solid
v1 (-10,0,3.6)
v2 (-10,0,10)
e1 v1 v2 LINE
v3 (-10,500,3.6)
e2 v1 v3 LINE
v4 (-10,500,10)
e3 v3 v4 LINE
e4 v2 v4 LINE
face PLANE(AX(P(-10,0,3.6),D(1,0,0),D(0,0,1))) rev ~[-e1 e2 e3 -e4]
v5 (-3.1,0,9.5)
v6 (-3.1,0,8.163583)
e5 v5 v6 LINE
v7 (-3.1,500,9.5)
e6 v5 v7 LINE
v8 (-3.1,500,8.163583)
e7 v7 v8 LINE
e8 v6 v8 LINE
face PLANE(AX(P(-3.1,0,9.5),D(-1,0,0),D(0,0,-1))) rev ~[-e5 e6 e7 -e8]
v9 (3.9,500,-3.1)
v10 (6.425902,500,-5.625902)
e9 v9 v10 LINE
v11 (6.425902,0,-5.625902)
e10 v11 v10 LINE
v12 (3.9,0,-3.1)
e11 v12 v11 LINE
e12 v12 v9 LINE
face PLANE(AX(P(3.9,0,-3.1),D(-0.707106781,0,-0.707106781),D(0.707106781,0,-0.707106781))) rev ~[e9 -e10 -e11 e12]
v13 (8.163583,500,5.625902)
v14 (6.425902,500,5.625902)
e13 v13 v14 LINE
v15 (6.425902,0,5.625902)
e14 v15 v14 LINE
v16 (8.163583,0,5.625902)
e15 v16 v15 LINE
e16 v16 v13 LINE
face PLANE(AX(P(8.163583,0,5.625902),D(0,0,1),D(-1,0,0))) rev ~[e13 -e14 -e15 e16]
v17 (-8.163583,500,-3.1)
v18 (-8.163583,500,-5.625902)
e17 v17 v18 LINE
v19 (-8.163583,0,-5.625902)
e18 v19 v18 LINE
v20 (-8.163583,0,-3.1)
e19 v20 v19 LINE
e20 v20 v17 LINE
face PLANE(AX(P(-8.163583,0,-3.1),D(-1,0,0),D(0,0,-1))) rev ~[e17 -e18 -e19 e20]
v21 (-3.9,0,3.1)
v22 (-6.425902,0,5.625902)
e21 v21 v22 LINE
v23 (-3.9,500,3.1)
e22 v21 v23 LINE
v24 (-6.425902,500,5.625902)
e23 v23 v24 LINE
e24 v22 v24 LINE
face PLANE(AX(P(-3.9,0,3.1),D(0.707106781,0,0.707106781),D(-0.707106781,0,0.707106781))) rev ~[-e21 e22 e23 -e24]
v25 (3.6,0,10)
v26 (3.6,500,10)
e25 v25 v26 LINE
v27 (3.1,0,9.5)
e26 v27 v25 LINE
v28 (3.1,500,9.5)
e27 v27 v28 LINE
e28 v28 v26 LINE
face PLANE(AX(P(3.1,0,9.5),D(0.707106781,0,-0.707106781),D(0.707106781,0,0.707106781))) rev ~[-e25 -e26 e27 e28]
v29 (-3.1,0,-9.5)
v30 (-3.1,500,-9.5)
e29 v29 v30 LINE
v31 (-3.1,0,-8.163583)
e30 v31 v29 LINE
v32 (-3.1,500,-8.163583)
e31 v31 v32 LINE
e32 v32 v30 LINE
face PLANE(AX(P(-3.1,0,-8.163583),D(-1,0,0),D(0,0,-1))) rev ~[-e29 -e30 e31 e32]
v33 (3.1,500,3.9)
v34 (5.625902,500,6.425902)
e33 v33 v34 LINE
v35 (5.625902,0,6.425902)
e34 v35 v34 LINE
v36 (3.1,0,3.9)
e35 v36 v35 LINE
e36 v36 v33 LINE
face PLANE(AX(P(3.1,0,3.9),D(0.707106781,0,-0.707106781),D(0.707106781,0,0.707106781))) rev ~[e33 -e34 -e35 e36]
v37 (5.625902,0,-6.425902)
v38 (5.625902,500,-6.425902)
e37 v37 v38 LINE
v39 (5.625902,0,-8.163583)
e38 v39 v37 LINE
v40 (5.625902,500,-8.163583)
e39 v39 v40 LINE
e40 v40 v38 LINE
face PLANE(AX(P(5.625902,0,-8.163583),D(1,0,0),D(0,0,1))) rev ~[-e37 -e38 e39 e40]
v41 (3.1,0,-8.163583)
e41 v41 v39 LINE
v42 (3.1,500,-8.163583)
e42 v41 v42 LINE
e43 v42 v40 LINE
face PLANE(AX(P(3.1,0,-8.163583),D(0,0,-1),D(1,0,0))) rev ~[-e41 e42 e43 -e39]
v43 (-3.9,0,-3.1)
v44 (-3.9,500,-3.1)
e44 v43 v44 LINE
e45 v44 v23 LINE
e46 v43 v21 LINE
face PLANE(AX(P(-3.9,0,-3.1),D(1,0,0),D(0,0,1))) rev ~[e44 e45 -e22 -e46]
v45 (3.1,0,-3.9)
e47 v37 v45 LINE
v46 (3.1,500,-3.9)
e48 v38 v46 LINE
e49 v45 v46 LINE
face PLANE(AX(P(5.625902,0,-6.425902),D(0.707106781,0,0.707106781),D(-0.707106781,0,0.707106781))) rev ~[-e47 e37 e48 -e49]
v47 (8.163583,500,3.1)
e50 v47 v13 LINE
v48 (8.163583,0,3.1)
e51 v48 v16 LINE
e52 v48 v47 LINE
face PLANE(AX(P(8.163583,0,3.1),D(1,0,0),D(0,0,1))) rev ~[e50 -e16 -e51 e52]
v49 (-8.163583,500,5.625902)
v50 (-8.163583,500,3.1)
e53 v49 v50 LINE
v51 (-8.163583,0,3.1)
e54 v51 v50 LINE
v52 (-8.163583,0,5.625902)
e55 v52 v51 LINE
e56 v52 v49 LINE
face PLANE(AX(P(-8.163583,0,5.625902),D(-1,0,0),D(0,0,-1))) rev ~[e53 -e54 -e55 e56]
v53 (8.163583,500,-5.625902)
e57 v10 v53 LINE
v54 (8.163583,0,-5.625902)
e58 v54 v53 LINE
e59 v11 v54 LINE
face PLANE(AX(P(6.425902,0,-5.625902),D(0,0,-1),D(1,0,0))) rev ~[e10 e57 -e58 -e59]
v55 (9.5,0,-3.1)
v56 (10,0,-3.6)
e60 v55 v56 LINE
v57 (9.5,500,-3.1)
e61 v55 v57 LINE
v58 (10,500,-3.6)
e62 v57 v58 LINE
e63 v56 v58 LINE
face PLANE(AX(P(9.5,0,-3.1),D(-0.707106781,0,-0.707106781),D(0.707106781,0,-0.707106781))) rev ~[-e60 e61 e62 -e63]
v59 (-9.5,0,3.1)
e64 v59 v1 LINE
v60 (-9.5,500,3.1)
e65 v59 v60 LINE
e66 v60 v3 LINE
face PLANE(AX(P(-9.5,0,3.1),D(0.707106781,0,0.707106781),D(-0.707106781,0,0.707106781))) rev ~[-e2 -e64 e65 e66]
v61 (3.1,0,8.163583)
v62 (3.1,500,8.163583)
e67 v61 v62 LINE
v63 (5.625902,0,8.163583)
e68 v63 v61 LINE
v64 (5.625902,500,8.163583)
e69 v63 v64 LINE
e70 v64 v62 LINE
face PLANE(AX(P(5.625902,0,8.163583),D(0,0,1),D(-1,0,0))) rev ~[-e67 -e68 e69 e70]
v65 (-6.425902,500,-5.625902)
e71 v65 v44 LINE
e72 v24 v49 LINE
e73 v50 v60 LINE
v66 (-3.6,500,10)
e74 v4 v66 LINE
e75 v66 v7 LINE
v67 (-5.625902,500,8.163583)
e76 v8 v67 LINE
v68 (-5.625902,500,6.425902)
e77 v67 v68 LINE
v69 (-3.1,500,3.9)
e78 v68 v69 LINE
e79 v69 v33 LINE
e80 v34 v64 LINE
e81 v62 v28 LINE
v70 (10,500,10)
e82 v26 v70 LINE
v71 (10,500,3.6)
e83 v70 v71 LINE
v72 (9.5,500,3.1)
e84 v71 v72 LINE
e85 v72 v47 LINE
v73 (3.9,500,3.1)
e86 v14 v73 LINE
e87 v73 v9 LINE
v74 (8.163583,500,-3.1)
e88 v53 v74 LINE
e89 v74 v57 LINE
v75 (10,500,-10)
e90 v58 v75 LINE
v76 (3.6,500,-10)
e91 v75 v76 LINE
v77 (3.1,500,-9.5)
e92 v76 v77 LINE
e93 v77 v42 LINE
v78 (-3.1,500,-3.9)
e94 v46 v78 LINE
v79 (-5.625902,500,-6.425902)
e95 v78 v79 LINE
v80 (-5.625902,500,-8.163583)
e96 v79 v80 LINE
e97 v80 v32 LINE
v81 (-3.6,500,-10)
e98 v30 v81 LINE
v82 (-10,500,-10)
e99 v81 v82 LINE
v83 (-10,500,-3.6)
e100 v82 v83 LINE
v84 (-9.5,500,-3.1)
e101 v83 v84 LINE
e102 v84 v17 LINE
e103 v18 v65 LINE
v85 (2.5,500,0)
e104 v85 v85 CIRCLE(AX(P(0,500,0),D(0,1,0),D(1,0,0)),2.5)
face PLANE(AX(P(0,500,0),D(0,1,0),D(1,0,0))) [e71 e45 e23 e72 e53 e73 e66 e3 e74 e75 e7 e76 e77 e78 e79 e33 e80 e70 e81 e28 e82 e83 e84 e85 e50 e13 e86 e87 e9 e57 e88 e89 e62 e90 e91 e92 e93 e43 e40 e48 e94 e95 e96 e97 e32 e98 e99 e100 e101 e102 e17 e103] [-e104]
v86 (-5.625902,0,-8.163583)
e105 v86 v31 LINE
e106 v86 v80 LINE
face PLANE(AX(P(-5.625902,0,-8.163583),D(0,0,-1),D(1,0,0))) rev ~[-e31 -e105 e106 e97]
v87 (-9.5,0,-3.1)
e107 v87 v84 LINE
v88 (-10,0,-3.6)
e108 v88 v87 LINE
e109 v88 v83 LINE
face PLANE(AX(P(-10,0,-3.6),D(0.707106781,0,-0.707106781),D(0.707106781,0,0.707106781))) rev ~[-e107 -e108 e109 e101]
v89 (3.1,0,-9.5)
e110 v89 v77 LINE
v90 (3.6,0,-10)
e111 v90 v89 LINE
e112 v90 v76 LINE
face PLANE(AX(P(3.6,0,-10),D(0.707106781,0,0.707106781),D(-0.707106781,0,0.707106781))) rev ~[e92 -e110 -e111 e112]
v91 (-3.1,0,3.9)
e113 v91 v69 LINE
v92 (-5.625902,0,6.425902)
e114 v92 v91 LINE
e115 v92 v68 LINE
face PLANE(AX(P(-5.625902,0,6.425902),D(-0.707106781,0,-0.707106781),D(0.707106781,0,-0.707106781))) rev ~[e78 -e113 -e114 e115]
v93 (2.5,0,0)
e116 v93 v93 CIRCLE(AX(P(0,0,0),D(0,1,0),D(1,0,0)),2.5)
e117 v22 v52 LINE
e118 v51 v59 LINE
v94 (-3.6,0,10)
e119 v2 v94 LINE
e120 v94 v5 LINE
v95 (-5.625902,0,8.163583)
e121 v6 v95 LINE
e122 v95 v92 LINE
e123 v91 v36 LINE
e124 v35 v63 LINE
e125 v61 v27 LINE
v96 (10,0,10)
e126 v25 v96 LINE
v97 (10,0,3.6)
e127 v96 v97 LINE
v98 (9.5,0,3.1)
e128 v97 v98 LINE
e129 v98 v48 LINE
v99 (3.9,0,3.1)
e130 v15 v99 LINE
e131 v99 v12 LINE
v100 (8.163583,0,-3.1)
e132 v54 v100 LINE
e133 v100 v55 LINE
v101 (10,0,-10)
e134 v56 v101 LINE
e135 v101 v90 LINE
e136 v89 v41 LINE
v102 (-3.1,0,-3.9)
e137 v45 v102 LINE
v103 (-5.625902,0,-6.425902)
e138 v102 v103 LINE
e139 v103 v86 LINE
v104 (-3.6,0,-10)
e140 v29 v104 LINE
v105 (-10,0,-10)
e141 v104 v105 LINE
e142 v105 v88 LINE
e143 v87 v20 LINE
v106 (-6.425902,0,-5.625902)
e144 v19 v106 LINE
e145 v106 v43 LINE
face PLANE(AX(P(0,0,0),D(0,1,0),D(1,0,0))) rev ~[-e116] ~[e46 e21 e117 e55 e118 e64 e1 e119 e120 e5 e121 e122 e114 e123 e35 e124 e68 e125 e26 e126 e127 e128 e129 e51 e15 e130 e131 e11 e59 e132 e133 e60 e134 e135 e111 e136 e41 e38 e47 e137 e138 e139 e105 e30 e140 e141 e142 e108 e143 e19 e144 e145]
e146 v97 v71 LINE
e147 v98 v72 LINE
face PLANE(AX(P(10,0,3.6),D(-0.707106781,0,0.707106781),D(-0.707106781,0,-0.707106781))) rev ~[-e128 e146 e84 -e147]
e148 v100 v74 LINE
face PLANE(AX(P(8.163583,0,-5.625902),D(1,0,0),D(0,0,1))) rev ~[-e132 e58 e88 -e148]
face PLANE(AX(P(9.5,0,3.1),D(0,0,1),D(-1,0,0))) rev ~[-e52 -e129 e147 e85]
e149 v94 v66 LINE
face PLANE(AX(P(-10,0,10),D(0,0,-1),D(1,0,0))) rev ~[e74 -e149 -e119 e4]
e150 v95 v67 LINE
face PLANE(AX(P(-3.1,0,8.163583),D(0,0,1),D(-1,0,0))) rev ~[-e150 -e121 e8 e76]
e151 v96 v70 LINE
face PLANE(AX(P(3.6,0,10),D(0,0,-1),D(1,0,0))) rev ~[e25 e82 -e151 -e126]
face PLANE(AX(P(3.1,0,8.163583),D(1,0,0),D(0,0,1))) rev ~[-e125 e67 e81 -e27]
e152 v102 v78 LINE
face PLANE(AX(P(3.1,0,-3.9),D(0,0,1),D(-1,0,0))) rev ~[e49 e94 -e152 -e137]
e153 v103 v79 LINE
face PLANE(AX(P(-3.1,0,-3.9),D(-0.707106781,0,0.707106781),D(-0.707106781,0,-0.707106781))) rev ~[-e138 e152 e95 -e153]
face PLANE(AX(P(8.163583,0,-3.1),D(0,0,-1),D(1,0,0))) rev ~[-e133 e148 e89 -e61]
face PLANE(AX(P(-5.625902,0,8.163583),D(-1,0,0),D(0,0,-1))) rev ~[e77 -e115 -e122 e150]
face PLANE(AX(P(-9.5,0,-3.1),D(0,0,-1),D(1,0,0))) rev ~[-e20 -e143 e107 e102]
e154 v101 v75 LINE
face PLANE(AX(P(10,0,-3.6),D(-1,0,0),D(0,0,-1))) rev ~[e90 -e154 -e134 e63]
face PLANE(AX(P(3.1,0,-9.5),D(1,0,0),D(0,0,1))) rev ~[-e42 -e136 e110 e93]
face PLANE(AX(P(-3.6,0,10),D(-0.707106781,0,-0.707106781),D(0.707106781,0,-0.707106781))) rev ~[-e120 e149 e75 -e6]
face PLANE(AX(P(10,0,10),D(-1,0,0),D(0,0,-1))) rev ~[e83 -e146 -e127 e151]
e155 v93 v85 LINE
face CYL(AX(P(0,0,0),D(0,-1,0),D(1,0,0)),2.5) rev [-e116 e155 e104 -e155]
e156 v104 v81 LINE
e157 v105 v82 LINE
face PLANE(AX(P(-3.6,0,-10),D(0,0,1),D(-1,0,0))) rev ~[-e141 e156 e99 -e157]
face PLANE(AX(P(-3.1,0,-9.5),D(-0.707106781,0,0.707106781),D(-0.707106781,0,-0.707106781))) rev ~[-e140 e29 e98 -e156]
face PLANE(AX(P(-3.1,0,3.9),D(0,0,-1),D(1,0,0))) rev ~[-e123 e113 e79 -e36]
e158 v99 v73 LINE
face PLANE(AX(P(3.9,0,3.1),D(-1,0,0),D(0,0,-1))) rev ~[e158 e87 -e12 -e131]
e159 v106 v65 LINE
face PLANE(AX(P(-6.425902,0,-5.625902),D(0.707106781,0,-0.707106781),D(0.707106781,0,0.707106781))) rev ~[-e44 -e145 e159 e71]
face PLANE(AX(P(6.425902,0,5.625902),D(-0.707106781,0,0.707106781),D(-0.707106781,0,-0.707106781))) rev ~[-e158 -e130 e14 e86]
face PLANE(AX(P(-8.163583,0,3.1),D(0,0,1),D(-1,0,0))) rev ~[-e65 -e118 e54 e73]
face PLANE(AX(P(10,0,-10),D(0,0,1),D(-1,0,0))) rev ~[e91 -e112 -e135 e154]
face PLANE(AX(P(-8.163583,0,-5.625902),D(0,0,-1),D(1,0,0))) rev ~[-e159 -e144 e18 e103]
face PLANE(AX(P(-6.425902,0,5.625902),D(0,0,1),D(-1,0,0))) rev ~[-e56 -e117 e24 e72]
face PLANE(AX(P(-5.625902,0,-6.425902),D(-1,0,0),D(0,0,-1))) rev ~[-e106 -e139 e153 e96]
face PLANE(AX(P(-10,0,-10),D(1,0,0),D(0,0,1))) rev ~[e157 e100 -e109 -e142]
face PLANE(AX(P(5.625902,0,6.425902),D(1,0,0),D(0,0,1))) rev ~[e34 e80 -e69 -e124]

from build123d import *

# Parameters (mm, degrees)
SKETCH1_R           = 2.5
BOSS_EXTRUDE1_DEPTH = 500


with BuildPart() as part:
    # Sketch1 → Boss-Extrude1 (new body)
    with BuildSketch(Plane(origin=(0, 0, 0), x_dir=(1, 0, 0), z_dir=(0, 1, 0))):
        Polygon((3.9, 0), (3.9, 3.1), (6.425901812, 5.625901812), (8.163583062, 5.625901812), (8.163583062, 3.1), (9.5, 3.1), (10, 3.6), (10, 10), (3.6, 10), (3.1, 9.5), (3.1, 8.163583062), (5.625901812, 8.163583062), (5.625901812, 6.425901812), (3.1, 3.9), (0, 3.9), (-3.1, 3.9), (-5.625901812, 6.425901812), (-5.625901812, 8.163583062), (-3.1, 8.163583062), (-3.1, 9.5), (-3.6, 10), (-10, 10), (-10, 3.6), (-9.5, 3.1), (-8.163583062, 3.1), (-8.163583062, 5.625901812), (-6.425901812, 5.625901812), (-3.9, 3.1), (-3.9, 0), (-3.9, -3.1), (-6.425901812, -5.625901812), (-8.163583062, -5.625901812), (-8.163583062, -3.1), (-9.5, -3.1), (-10, -3.6), (-10, -10), (-3.6, -10), (-3.1, -9.5), (-3.1, -8.163583062), (-5.625901812, -8.163583062), (-5.625901812, -6.425901812), (-3.1, -3.9), (0, -3.9), (3.1, -3.9), (5.625901812, -6.425901812), (5.625901812, -8.163583062), (3.1, -8.163583062), (3.1, -9.5), (3.6, -10), (10, -10), (10, -3.6), (9.5, -3.1), (8.163583062, -3.1), (8.163583062, -5.625901812), (6.425901812, -5.625901812), (3.9, -3.1), align=None)
        Circle(SKETCH1_R, mode=Mode.SUBTRACT)
    extrude(amount=BOSS_EXTRUDE1_DEPTH)


solid = part.part
